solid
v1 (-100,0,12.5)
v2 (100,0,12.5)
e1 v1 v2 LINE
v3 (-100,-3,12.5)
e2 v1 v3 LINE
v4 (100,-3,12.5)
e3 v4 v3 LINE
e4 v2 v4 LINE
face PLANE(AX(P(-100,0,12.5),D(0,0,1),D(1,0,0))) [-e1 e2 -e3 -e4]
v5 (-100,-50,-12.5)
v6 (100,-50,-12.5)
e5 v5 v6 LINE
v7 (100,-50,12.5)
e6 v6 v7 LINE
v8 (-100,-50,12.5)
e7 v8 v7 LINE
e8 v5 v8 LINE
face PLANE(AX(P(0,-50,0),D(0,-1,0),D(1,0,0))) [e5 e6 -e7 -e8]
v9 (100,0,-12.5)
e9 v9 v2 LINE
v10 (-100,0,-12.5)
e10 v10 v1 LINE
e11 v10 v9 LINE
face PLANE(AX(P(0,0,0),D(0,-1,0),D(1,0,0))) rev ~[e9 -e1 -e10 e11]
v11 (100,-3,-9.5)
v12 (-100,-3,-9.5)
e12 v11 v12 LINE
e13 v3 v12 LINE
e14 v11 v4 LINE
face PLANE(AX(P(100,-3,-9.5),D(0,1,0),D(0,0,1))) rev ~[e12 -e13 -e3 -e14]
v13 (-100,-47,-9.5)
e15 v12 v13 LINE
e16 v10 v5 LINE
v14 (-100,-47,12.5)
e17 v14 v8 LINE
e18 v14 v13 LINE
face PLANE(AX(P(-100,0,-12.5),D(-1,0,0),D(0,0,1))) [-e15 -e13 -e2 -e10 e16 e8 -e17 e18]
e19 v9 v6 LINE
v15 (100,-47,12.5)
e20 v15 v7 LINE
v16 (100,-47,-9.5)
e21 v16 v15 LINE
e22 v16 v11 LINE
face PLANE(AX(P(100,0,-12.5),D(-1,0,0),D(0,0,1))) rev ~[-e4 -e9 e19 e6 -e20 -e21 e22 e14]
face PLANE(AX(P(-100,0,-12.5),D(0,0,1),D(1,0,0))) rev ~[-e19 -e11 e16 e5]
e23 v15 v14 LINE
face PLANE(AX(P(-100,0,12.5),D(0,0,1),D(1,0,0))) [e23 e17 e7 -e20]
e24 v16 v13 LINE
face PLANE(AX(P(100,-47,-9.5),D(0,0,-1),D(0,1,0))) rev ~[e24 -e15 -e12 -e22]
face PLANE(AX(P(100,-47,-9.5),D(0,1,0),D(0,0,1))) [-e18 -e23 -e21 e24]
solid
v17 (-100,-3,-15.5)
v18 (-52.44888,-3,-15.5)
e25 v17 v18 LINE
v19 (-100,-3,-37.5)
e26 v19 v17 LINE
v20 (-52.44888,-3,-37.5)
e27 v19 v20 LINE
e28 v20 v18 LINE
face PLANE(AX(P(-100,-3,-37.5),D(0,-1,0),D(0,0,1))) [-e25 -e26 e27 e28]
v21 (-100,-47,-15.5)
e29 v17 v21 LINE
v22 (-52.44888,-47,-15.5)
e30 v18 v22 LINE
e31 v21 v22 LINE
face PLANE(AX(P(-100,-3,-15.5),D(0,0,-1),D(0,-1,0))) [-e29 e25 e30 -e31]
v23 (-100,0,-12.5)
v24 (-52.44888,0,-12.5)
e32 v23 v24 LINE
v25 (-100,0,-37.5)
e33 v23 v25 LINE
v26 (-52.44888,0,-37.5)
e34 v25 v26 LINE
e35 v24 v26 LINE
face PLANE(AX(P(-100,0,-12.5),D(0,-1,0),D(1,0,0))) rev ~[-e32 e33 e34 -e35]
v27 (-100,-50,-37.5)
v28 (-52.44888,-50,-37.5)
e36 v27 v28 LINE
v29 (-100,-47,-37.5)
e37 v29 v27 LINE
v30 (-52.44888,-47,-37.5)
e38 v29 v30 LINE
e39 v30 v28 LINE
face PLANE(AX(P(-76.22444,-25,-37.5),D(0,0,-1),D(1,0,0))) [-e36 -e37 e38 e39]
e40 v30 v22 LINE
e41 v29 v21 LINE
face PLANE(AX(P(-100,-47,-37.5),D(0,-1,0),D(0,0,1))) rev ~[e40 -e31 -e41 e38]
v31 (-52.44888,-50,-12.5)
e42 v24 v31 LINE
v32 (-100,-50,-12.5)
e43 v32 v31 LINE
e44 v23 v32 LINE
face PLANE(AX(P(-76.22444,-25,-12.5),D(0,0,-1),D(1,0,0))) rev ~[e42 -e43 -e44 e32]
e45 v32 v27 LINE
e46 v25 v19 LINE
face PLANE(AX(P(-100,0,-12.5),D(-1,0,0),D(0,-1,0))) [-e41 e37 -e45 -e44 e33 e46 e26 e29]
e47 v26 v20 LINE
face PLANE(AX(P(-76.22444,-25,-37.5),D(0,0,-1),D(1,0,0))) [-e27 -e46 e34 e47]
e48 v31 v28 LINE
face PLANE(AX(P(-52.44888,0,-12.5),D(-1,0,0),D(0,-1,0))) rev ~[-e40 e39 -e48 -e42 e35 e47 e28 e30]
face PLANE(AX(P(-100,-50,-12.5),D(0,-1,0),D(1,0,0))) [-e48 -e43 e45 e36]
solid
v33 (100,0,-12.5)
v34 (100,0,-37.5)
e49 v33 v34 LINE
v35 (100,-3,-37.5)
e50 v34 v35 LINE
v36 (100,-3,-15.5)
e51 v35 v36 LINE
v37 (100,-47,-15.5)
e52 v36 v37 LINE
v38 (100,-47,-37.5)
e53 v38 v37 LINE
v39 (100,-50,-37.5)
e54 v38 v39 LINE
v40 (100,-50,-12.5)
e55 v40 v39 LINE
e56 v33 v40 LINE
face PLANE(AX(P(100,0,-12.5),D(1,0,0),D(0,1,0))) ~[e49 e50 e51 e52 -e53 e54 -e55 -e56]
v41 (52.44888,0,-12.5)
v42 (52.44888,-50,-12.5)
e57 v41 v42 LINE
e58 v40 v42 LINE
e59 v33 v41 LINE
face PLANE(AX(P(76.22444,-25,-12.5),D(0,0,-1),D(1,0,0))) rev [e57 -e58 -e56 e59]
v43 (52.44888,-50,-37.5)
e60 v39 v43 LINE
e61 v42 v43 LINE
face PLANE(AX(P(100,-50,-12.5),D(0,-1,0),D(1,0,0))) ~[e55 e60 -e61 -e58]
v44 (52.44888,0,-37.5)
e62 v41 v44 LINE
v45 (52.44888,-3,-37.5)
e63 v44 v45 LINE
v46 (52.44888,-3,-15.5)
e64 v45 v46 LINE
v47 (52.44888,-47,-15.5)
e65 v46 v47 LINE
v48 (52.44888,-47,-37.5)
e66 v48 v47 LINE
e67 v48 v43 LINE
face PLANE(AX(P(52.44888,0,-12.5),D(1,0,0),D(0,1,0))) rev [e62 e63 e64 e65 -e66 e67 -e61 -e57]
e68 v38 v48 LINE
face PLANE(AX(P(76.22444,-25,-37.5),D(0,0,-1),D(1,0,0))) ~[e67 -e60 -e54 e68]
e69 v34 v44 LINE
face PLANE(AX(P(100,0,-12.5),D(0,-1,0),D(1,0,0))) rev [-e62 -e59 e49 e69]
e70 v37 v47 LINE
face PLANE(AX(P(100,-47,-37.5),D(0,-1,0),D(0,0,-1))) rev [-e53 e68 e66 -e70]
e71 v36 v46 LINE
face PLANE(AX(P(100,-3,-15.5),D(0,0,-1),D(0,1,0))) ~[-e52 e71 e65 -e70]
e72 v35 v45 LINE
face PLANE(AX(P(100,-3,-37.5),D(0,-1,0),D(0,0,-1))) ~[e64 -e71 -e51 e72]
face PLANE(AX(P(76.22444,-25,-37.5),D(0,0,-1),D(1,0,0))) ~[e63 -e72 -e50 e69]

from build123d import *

# Parameters (mm, degrees)
F0_W     = 200
F0_H     = 25
F1_DEPTH = 50
F2_W     = 44
F2_H     = 22
F3_DEPTH = 200.001
F4_W     = 47.55112
F4_H     = 50
F5_DEPTH = 25
F6_W     = 44
F6_H     = 22
F7_DEPTH = 200.001


with BuildPart() as f1:
    # F0 (on Front) → F1 (new body)
    with BuildSketch(Plane.XZ):
        Rectangle(F0_W, F0_H)
    extrude(amount=F1_DEPTH)

    # F2 (on face) → F3 (cut, through all)
    with BuildSketch(Plane.YZ.offset(100)):
        with Locations((-25, 1.5)):
            Rectangle(F2_W, F2_H)
    extrude(amount=-F3_DEPTH, mode=Mode.SUBTRACT)


with BuildPart() as f5:
    # F4 (on face) → F5 (new body)
    with BuildSketch(Plane(origin=(0, 0, -12.5), x_dir=(1, 0, 0), z_dir=(0, 0, -1))):
        with Locations((-76.22444, 25)):
            Rectangle(F4_W, F4_H)
    extrude(amount=F5_DEPTH)

    # F6 (on face) → F7 (cut, through all)
    with BuildSketch(Plane(origin=(-100, 0, 0), x_dir=(0, -1, 0), z_dir=(-1, 0, 0))):
        with Locations((25, -26.5)):
            Rectangle(F6_W, F6_H)
    extrude(amount=-F7_DEPTH, mode=Mode.SUBTRACT)


with BuildPart() as f8_1:
    # F8: instance of F5
    add(f5.part.mirror(Plane.YZ))


solid = Compound([f1.part, f5.part, f8_1.part])
